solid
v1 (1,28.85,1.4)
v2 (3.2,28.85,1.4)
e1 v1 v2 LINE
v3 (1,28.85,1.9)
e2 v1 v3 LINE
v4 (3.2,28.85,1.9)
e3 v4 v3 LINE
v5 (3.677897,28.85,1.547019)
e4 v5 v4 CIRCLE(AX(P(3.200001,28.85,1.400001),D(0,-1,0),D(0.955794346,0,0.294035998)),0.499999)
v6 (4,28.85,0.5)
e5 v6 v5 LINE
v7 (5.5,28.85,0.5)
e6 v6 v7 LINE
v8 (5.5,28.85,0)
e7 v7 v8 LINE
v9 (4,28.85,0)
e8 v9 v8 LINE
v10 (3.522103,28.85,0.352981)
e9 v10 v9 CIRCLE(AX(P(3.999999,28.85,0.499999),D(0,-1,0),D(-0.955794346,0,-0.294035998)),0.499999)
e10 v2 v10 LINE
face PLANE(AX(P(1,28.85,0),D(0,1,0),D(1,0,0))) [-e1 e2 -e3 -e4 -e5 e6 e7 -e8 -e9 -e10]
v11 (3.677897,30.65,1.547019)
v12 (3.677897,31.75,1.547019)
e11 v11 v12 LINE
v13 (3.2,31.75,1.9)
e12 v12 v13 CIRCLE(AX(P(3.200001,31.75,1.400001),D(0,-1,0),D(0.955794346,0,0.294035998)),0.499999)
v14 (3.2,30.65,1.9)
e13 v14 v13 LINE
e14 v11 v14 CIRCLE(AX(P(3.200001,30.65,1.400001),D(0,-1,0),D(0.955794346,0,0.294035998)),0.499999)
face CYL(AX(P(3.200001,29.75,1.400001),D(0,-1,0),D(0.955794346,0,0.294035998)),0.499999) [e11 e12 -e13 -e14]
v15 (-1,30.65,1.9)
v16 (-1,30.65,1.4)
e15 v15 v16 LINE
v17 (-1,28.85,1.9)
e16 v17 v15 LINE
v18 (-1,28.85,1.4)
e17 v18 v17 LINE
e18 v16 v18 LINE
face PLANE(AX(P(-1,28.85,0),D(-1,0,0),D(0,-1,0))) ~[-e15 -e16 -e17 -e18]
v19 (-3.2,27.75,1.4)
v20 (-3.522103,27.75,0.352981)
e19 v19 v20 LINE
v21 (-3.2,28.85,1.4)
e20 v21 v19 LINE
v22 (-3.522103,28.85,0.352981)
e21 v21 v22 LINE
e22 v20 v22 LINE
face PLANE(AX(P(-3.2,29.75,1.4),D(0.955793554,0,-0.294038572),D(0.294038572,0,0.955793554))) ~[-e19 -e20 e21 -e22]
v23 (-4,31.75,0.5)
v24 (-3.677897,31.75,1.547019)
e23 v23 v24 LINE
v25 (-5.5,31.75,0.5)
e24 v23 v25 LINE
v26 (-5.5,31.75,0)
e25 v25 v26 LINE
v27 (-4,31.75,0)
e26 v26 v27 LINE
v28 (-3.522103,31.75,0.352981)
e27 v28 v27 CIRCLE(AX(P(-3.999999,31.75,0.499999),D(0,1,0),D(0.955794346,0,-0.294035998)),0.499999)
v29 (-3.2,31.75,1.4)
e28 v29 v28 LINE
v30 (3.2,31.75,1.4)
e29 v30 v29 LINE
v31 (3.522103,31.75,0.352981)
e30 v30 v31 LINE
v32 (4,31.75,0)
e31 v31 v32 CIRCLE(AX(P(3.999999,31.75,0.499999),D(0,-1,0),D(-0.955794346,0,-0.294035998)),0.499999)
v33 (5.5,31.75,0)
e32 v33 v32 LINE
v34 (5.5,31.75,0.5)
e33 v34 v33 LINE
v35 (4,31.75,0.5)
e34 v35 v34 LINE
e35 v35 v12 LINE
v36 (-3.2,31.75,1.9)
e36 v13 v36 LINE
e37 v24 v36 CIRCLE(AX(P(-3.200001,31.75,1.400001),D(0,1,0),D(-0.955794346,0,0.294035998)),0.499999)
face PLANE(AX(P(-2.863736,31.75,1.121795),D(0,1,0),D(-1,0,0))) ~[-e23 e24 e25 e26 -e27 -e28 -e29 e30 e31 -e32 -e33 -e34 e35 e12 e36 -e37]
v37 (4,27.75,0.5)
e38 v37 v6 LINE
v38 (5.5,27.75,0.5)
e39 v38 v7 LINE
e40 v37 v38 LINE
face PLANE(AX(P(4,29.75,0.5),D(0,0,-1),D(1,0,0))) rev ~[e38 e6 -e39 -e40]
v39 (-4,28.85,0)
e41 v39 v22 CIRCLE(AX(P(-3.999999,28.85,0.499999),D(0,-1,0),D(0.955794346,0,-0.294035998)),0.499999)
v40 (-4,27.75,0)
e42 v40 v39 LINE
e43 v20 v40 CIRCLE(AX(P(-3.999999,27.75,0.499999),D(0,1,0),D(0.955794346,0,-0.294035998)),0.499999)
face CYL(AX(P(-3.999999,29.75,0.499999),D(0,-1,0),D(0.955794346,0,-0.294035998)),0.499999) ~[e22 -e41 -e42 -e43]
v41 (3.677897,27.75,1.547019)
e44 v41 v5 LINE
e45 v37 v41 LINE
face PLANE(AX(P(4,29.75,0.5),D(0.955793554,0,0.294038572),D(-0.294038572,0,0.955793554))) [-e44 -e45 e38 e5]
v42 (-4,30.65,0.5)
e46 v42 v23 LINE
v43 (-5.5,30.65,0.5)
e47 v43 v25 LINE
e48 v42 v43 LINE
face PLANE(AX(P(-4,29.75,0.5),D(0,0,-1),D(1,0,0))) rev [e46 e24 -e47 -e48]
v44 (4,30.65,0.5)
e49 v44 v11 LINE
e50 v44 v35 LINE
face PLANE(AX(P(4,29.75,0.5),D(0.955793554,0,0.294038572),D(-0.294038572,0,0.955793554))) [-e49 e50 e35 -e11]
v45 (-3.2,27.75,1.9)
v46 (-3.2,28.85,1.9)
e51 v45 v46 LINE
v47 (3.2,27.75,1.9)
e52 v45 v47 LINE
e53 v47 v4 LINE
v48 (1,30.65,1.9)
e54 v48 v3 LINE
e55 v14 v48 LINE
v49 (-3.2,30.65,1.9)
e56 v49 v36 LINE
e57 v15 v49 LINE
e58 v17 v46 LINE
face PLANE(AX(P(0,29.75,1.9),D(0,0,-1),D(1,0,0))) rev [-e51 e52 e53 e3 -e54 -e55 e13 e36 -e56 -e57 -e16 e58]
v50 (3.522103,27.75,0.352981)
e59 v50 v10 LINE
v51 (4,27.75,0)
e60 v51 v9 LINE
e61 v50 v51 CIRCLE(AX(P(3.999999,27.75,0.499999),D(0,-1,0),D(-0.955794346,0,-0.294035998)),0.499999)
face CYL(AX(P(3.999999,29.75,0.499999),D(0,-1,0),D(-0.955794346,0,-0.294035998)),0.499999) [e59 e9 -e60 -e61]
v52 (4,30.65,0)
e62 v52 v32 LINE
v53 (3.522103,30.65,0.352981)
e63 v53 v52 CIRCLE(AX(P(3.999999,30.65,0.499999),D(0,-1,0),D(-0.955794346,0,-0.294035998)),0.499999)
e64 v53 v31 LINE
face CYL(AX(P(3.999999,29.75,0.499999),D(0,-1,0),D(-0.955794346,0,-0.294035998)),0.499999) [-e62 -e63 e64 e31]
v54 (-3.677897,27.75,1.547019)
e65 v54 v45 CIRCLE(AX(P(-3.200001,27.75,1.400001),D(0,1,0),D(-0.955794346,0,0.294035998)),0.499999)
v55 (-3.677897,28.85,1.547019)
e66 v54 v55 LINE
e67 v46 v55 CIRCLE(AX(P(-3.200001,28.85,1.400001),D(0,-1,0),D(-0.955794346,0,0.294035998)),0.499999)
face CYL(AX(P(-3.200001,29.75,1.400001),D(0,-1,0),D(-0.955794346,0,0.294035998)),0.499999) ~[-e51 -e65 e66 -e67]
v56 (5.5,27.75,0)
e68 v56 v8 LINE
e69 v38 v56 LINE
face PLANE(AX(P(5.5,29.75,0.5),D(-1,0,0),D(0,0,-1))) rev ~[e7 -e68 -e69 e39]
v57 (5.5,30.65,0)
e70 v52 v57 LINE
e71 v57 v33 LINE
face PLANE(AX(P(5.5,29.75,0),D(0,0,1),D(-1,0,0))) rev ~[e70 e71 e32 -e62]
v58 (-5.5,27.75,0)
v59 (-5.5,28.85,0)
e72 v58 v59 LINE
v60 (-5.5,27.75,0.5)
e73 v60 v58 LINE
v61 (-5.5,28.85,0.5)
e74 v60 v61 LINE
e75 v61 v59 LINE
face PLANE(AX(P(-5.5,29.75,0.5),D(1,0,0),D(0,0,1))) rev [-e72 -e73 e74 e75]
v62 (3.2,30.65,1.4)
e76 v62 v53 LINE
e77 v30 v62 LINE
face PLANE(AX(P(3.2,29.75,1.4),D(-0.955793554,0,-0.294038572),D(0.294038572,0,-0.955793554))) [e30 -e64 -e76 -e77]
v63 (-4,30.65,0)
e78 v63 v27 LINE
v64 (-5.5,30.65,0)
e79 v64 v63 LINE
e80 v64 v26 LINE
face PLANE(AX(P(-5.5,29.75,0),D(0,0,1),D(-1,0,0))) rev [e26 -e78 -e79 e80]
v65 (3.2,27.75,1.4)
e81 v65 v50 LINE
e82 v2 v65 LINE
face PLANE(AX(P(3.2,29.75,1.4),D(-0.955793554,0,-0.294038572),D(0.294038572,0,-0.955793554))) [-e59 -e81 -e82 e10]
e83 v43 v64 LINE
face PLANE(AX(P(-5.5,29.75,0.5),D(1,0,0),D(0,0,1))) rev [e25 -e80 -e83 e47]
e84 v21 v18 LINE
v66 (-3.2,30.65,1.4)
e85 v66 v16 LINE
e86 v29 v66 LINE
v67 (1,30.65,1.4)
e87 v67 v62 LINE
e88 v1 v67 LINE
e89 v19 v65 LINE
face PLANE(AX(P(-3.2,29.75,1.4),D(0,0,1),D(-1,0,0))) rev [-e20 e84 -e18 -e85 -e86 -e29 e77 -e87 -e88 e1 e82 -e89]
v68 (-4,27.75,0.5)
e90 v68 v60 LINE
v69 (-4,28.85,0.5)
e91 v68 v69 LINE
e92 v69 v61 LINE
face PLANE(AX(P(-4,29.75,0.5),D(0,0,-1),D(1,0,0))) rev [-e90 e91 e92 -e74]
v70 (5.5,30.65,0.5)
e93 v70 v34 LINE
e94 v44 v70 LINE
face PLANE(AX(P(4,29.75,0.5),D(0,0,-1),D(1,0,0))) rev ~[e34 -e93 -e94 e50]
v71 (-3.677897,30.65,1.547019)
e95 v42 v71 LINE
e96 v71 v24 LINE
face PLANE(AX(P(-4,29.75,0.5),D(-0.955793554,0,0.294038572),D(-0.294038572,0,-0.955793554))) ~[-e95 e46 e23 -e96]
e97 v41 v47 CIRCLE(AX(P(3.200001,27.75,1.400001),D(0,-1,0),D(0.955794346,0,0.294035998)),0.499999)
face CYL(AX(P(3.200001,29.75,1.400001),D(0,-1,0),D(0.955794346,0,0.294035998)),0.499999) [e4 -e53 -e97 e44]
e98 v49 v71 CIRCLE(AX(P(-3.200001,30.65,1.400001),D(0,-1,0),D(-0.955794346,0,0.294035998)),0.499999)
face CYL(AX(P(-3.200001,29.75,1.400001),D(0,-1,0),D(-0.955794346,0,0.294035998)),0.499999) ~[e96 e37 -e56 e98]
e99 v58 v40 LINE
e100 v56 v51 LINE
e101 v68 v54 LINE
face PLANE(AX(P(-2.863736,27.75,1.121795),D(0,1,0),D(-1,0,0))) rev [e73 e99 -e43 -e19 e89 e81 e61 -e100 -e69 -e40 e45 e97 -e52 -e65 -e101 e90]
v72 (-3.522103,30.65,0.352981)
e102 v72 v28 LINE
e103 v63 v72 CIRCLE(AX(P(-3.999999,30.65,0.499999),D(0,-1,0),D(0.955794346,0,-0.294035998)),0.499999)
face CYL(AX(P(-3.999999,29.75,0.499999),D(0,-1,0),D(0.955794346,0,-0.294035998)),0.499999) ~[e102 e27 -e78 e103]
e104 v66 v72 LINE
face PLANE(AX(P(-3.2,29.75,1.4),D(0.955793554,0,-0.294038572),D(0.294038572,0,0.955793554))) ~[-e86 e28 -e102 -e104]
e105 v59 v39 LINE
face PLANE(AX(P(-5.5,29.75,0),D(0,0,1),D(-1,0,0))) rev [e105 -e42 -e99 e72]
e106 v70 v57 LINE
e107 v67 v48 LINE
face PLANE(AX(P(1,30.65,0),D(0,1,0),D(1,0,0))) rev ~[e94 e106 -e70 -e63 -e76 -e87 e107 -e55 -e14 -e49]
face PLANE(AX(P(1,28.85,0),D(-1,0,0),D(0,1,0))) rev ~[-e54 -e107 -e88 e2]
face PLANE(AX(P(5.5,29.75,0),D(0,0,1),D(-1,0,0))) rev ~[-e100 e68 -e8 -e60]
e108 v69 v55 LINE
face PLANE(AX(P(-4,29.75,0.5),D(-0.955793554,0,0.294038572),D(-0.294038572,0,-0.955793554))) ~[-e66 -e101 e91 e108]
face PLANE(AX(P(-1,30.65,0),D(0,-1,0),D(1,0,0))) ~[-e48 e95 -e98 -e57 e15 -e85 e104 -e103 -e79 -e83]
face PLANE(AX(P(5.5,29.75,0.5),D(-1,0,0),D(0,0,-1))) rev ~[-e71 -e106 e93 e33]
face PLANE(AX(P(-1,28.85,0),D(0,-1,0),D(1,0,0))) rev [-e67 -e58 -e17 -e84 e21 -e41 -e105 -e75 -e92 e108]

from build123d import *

# Parameters (mm, degrees)
PAD020_DEPTH         = 2
SKETCH013_W          = 5
SKETCH013_H          = 1.8
POCKET006_DEPTH      = 23.716818
POCKET006_DEPTH_BACK = 25.616818


with BuildPart() as part:
    # Sketch037 → Pad020 (new body, symmetric)
    with BuildSketch(Plane.XZ):
        with BuildLine():
            Line((0, 1.9), (3.2, 1.9))
            ThreePointArc((3.677897, 1.547019), (3.497061, 1.802188), (3.2, 1.9))
            Line((4, 0.5), (3.677897, 1.547019))
            Line((4, 0.5), (5.5, 0.5))
            Line((5.5, 0.5), (5.5, 0))
            Line((5.5, 0), (4, 0))
            ThreePointArc((3.522103, 0.352981), (3.702939, 0.097812), (4, 0))
            Line((3.2, 1.4), (3.522103, 0.352981))
            Line((3.2, 1.4), (0, 1.4))
            Line((0, 1.4), (0, 1.9))
        make_face()
    pad020 = extrude(amount=PAD020_DEPTH, both=True)

    # Mirrored007: Pad020 across YZ
    add(pad020.mirror(Plane.YZ))

    # Sketch013 → Pocket006 (cut, two sides)
    with BuildSketch(Plane.XY) as pocket006_sk:
        with Locations((3.5, 0)):
            Rectangle(SKETCH013_W, SKETCH013_H)
    pocket006 = extrude(amount=-POCKET006_DEPTH, mode=Mode.SUBTRACT) + extrude(pocket006_sk.sketch, amount=POCKET006_DEPTH_BACK, mode=Mode.SUBTRACT)

    # Mirrored008: Pocket006 across YZ
    add(pocket006.mirror(Plane.YZ), mode=Mode.SUBTRACT)


with BuildPart() as part_1:
    # Body008 placement: moved
    add(part.part.moved(Location((0, 29.75, 0))))


solid = part_1.part
